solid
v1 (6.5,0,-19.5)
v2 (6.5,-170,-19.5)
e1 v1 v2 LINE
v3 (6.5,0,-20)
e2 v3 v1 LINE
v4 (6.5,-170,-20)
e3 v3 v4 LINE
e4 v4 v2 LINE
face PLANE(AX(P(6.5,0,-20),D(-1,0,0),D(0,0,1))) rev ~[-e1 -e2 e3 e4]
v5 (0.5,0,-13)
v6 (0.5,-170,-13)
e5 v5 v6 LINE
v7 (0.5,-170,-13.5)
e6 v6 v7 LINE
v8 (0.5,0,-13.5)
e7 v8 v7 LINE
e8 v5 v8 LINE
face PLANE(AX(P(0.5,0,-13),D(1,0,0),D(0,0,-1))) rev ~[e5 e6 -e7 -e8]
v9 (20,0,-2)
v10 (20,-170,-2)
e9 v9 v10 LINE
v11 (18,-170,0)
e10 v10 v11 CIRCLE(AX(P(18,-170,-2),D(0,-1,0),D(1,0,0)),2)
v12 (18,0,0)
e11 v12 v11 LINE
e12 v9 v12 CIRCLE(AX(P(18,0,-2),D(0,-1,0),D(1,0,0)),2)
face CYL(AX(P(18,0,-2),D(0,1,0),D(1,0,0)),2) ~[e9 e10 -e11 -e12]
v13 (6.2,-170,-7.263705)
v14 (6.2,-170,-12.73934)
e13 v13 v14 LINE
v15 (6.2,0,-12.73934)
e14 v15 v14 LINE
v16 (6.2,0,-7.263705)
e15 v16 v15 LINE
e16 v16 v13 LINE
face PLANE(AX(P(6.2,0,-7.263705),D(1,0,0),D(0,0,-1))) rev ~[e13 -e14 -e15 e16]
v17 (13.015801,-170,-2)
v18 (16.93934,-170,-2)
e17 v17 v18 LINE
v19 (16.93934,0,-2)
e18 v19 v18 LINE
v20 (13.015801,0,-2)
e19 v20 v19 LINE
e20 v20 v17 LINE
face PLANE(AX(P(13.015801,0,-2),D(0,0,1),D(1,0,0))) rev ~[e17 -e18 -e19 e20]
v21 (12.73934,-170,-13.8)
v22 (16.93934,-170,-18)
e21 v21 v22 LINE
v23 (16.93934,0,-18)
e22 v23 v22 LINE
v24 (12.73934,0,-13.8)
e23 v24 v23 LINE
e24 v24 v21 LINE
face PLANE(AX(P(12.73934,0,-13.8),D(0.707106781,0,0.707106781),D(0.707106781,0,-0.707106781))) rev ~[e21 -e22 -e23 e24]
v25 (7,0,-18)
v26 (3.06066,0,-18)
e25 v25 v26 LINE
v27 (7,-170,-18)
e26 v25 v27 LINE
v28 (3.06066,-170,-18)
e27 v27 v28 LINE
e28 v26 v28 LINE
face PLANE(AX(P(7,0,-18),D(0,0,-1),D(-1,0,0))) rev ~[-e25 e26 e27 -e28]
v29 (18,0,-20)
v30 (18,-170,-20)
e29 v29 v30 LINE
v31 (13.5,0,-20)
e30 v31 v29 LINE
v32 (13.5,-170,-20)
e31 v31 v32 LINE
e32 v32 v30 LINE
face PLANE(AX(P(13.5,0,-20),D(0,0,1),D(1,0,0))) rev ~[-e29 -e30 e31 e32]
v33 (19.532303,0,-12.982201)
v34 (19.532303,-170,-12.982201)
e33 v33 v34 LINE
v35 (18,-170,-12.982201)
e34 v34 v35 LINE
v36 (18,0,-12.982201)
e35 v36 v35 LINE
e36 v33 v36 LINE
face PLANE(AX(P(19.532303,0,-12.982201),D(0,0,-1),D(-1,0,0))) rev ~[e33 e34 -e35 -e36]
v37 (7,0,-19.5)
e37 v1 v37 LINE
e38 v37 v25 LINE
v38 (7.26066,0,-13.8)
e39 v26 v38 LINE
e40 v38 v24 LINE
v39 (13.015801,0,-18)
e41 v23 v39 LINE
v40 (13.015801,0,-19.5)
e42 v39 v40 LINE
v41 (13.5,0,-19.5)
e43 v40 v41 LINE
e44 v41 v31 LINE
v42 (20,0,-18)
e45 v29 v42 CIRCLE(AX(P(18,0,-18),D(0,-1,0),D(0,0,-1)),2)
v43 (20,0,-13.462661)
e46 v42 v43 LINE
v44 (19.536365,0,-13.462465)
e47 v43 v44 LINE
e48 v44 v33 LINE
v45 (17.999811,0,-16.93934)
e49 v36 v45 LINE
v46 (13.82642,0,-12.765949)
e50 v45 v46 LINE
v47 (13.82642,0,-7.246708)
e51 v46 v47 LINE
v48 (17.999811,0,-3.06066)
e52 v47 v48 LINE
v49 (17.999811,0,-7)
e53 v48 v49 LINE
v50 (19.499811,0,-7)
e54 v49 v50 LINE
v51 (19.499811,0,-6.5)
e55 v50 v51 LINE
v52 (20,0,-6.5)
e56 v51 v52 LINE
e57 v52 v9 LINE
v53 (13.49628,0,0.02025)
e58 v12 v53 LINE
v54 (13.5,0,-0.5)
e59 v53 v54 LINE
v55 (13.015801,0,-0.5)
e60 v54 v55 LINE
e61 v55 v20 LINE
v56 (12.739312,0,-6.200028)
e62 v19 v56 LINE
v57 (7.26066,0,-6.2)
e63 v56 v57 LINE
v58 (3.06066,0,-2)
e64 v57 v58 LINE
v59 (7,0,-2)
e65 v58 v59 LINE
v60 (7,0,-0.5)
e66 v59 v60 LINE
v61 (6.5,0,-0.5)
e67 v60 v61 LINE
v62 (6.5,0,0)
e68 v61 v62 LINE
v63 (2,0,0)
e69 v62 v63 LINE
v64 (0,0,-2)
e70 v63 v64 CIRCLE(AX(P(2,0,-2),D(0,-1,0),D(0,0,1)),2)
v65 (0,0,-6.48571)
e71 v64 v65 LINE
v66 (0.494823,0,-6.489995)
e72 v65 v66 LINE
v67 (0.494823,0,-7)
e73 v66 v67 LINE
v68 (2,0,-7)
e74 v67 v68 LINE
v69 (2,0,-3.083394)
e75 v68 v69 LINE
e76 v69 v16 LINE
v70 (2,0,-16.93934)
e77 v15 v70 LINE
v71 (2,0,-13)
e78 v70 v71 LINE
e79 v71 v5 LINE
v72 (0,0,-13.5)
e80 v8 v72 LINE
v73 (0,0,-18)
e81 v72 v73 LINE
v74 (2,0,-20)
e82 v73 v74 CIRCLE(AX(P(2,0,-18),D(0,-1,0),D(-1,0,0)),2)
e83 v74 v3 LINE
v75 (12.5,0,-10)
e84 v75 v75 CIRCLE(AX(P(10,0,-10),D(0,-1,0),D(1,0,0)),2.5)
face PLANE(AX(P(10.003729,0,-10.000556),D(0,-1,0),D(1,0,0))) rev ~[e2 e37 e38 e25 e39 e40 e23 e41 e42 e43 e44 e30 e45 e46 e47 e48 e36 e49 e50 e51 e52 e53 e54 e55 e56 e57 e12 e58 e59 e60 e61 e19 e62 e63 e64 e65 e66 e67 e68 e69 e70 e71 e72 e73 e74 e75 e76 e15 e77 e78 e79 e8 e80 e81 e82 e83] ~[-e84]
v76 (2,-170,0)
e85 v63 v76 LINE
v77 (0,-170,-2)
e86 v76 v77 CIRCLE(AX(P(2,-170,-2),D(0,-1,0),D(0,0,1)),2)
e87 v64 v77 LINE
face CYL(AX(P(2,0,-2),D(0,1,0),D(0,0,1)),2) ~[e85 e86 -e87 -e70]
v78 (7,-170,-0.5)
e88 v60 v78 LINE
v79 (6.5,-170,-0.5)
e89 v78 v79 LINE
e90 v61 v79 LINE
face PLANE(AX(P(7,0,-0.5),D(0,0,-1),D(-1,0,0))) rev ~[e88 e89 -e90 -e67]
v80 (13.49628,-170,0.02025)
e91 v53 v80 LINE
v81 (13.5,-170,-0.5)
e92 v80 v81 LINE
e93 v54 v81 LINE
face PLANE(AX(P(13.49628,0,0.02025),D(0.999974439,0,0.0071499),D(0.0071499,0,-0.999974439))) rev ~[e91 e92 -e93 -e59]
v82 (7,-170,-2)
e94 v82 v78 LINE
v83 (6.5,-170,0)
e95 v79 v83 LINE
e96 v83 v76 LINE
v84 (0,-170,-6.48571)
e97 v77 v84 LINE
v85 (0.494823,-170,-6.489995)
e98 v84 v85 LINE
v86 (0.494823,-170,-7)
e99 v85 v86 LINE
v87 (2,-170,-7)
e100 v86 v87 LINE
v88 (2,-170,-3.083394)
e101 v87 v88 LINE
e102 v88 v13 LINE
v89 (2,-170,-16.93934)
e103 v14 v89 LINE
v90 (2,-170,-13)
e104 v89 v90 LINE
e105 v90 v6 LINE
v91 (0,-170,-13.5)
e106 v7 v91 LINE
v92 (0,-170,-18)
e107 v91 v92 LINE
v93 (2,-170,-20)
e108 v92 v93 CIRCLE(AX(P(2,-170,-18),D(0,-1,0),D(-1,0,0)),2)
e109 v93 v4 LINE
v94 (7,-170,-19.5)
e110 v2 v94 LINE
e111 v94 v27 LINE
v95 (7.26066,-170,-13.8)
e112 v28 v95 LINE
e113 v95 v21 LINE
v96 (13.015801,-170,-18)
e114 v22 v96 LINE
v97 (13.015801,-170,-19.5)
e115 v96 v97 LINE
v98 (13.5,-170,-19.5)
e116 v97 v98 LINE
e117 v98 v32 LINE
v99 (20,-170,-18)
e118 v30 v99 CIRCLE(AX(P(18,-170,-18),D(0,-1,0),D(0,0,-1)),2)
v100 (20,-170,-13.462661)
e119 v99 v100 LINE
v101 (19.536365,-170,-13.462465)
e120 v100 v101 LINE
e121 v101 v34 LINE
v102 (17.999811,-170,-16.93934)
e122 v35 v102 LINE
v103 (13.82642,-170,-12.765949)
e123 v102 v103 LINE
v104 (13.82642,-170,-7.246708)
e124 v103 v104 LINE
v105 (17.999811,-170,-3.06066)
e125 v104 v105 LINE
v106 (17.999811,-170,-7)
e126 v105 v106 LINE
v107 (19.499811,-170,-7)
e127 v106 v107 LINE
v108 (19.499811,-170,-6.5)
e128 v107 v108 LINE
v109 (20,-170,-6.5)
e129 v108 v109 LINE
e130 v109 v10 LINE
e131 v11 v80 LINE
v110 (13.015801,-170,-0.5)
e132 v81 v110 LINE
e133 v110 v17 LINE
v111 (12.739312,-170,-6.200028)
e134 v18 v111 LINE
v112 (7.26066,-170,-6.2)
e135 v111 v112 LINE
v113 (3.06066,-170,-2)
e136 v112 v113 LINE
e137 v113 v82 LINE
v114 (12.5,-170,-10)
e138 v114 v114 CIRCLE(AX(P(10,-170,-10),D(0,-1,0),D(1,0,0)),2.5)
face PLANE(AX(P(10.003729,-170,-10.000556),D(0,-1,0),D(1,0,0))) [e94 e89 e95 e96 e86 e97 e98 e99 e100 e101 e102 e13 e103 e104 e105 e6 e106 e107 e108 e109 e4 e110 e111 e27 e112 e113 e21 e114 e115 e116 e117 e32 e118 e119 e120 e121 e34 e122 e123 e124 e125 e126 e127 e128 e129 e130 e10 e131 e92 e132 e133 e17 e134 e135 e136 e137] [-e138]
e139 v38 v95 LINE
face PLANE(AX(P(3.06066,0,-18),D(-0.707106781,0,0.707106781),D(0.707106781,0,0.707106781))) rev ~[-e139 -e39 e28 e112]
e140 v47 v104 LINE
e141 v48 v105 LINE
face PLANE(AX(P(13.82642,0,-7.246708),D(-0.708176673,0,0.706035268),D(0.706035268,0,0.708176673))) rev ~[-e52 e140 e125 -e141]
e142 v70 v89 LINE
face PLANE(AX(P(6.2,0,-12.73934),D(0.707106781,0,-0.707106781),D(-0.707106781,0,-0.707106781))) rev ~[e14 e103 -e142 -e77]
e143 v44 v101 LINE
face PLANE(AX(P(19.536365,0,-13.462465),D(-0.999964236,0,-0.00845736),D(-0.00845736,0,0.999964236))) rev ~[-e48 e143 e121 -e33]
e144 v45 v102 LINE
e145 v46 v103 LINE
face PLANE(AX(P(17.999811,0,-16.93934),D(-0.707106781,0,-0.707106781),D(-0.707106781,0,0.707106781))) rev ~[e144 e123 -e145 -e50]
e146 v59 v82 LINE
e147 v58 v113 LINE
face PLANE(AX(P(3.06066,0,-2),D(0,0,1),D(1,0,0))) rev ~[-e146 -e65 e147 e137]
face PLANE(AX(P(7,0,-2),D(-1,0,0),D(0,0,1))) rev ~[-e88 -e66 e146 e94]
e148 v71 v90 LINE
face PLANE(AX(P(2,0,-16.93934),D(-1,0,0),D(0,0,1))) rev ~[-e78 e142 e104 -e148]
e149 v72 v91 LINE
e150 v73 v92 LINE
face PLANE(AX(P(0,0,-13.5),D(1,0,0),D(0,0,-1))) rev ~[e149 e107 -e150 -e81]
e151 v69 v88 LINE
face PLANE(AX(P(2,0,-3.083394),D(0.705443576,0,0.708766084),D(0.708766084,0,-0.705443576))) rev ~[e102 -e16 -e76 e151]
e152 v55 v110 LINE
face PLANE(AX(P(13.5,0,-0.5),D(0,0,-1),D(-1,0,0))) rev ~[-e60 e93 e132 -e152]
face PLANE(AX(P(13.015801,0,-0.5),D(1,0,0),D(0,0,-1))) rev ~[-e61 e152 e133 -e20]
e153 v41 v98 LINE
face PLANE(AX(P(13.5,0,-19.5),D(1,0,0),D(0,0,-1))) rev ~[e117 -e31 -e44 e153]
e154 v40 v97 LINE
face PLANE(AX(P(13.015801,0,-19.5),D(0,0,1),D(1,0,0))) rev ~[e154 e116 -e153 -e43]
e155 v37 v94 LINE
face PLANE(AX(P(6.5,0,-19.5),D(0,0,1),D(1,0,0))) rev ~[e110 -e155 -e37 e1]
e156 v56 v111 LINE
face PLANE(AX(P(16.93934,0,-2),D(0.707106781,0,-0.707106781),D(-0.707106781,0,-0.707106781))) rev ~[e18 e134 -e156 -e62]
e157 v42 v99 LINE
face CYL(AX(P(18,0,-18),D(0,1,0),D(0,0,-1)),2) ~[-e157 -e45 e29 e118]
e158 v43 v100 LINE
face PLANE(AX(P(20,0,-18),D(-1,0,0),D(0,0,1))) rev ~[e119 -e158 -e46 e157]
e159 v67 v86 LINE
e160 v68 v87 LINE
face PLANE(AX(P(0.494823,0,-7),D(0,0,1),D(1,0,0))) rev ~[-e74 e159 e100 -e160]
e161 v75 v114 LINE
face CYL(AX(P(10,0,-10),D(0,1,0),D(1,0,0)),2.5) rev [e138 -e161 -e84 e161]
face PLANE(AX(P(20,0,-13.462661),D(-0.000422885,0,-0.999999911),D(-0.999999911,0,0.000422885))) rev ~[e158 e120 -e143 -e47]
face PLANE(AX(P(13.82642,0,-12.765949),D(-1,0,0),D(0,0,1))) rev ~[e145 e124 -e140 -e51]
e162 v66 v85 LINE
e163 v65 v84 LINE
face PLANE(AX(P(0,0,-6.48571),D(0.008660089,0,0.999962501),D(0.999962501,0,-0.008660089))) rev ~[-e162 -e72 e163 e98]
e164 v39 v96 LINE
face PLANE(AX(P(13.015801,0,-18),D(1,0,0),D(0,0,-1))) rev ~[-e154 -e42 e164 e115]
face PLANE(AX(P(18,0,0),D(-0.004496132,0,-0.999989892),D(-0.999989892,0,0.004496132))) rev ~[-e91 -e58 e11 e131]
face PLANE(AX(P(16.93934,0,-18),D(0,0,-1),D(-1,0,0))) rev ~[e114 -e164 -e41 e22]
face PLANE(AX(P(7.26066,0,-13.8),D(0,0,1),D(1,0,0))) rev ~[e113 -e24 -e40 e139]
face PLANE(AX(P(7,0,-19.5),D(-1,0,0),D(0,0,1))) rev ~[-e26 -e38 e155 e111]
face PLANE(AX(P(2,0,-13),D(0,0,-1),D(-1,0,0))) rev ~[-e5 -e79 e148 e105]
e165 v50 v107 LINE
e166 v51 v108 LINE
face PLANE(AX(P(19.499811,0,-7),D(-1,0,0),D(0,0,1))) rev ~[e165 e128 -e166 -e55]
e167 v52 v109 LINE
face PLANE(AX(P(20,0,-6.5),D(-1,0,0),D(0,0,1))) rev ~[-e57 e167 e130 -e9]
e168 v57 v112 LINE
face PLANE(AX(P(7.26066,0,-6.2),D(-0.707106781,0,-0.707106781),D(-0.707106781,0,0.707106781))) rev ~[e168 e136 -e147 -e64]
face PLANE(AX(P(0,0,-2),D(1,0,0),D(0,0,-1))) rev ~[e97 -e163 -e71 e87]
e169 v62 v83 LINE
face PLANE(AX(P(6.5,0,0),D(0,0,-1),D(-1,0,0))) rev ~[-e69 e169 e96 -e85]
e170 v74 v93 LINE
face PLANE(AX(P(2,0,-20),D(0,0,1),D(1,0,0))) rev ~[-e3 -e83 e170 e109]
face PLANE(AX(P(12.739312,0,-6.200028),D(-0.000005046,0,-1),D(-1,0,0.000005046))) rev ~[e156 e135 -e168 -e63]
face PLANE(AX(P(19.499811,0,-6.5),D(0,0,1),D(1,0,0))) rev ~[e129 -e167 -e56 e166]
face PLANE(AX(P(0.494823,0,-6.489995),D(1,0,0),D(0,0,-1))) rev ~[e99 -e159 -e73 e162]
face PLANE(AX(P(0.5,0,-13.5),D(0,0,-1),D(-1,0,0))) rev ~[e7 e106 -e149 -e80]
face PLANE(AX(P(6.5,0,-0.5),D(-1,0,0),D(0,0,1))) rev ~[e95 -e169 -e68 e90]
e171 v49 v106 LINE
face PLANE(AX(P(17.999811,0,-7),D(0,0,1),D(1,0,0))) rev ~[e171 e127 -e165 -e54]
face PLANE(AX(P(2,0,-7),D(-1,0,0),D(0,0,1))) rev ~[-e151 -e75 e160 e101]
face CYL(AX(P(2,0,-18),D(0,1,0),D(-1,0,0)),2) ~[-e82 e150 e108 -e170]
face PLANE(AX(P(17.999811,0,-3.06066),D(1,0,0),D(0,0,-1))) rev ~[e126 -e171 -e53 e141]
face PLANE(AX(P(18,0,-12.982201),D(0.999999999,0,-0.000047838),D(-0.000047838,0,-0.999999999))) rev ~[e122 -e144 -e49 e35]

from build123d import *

# Parameters (mm, degrees)
F0_R     = 2.5
F2_DEPTH = 170


with BuildPart() as f2:
    # F0 (on Front) → F2 (new body)
    with BuildSketch(Plane.XZ):
        with BuildLine():
            Line((6.5, 0), (2, 0))
            ThreePointArc((2, 0), (0.5857864376, -0.5857864376), (0, -2))
            Line((0, -2), (0, -6.4857100192))
            Line((0, -6.4857100192), (0.4948230833, -6.489995392))
            Line((0.4948230833, -6.489995392), (0.4948230833, -7))
            Line((0.4948230833, -7), (2, -7))
            Line((2, -7), (2, -3.0833937817))
            Line((2, -3.0833937817), (6.2, -7.2637052917))
            Line((6.2, -7.2637052917), (6.2, -12.7393398282))
            Line((6.2, -12.7393398282), (2, -16.9393398282))
            Line((2, -16.9393398282), (2, -13))
            Line((2, -13), (0.5, -13))
            Line((0.5, -13), (0.5, -13.5))
            Line((0.5, -13.5), (0, -13.5))
            Line((0, -13.5), (0, -18))
            ThreePointArc((0, -18), (0.5857864376, -19.4142135624), (2, -20))
            Line((2, -20), (6.5, -20))
            Line((6.5, -20), (6.5, -19.5))
            Line((6.5, -19.5), (7, -19.5))
            Line((7, -19.5), (7, -18))
            Line((7, -18), (3.0606601718, -18))
            Line((3.0606601718, -18), (7.2606601718, -13.8))
            Line((7.2606601718, -13.8), (12.7393398282, -13.8))
            Line((12.7393398282, -13.8), (16.9393398282, -18))
            Line((16.9393398282, -18), (13.015800612, -18))
            Line((13.015800612, -18), (13.015800612, -19.5))
            Line((13.015800612, -19.5), (13.5, -19.5))
            Line((13.5, -19.5), (13.5, -20))
            Line((13.5, -20), (18, -20))
            ThreePointArc((18, -20), (19.4142135624, -19.4142135624), (20, -18))
            Line((20, -18), (20, -13.4626608249))
            Line((20, -13.4626608249), (19.5363645284, -13.4624647606))
            Line((19.5363645284, -13.4624647606), (19.532302618, -12.9822008219))
            Line((19.532302618, -12.9822008219), (18, -12.9822008219))
            Line((18, -12.9822008219), (17.9998106987, -16.9393398192))
            Line((17.9998106987, -16.9393398192), (13.8264202785, -12.765949399))
            Line((13.8264202785, -12.765949399), (13.8264202785, -7.246708479))
            Line((13.8264202785, -7.246708479), (17.9998106987, -3.0606601627))
            Line((17.9998106987, -3.0606601627), (17.9998106987, -6.9999999909))
            Line((17.9998106987, -6.9999999909), (19.4998106987, -6.9999999909))
            Line((19.4998106987, -6.9999999909), (19.4998106987, -6.4999999909))
            Line((19.4998106987, -6.4999999909), (20, -6.4999999909))
            Line((20, -6.4999999909), (20, -2))
            ThreePointArc((20, -2), (19.4142135624, -0.5857864376), (18, 0))
            Line((18, 0), (13.4962801728, 0.0202495232))
            Line((13.4962801728, 0.0202495232), (13.5, -0.5))
            Line((13.5, -0.5), (13.015800612, -0.5))
            Line((13.015800612, -0.5), (13.015800612, -2))
            Line((13.015800612, -2), (16.9393398282, -2))
            Line((16.9393398282, -2), (12.7393121854, -6.2000276428))
            Line((12.7393121854, -6.2000276428), (7.2606601718, -6.2))
            Line((7.2606601718, -6.2), (3.0606601718, -2))
            Line((3.0606601718, -2), (7, -2))
            Line((7, -2), (7, -0.5))
            Line((7, -0.5), (6.5, -0.5))
            Line((6.5, -0.5), (6.5, 0))
        make_face()
        with Locations((10, -10)):
            Circle(F0_R, mode=Mode.SUBTRACT)
    extrude(amount=F2_DEPTH)


solid = f2.part
